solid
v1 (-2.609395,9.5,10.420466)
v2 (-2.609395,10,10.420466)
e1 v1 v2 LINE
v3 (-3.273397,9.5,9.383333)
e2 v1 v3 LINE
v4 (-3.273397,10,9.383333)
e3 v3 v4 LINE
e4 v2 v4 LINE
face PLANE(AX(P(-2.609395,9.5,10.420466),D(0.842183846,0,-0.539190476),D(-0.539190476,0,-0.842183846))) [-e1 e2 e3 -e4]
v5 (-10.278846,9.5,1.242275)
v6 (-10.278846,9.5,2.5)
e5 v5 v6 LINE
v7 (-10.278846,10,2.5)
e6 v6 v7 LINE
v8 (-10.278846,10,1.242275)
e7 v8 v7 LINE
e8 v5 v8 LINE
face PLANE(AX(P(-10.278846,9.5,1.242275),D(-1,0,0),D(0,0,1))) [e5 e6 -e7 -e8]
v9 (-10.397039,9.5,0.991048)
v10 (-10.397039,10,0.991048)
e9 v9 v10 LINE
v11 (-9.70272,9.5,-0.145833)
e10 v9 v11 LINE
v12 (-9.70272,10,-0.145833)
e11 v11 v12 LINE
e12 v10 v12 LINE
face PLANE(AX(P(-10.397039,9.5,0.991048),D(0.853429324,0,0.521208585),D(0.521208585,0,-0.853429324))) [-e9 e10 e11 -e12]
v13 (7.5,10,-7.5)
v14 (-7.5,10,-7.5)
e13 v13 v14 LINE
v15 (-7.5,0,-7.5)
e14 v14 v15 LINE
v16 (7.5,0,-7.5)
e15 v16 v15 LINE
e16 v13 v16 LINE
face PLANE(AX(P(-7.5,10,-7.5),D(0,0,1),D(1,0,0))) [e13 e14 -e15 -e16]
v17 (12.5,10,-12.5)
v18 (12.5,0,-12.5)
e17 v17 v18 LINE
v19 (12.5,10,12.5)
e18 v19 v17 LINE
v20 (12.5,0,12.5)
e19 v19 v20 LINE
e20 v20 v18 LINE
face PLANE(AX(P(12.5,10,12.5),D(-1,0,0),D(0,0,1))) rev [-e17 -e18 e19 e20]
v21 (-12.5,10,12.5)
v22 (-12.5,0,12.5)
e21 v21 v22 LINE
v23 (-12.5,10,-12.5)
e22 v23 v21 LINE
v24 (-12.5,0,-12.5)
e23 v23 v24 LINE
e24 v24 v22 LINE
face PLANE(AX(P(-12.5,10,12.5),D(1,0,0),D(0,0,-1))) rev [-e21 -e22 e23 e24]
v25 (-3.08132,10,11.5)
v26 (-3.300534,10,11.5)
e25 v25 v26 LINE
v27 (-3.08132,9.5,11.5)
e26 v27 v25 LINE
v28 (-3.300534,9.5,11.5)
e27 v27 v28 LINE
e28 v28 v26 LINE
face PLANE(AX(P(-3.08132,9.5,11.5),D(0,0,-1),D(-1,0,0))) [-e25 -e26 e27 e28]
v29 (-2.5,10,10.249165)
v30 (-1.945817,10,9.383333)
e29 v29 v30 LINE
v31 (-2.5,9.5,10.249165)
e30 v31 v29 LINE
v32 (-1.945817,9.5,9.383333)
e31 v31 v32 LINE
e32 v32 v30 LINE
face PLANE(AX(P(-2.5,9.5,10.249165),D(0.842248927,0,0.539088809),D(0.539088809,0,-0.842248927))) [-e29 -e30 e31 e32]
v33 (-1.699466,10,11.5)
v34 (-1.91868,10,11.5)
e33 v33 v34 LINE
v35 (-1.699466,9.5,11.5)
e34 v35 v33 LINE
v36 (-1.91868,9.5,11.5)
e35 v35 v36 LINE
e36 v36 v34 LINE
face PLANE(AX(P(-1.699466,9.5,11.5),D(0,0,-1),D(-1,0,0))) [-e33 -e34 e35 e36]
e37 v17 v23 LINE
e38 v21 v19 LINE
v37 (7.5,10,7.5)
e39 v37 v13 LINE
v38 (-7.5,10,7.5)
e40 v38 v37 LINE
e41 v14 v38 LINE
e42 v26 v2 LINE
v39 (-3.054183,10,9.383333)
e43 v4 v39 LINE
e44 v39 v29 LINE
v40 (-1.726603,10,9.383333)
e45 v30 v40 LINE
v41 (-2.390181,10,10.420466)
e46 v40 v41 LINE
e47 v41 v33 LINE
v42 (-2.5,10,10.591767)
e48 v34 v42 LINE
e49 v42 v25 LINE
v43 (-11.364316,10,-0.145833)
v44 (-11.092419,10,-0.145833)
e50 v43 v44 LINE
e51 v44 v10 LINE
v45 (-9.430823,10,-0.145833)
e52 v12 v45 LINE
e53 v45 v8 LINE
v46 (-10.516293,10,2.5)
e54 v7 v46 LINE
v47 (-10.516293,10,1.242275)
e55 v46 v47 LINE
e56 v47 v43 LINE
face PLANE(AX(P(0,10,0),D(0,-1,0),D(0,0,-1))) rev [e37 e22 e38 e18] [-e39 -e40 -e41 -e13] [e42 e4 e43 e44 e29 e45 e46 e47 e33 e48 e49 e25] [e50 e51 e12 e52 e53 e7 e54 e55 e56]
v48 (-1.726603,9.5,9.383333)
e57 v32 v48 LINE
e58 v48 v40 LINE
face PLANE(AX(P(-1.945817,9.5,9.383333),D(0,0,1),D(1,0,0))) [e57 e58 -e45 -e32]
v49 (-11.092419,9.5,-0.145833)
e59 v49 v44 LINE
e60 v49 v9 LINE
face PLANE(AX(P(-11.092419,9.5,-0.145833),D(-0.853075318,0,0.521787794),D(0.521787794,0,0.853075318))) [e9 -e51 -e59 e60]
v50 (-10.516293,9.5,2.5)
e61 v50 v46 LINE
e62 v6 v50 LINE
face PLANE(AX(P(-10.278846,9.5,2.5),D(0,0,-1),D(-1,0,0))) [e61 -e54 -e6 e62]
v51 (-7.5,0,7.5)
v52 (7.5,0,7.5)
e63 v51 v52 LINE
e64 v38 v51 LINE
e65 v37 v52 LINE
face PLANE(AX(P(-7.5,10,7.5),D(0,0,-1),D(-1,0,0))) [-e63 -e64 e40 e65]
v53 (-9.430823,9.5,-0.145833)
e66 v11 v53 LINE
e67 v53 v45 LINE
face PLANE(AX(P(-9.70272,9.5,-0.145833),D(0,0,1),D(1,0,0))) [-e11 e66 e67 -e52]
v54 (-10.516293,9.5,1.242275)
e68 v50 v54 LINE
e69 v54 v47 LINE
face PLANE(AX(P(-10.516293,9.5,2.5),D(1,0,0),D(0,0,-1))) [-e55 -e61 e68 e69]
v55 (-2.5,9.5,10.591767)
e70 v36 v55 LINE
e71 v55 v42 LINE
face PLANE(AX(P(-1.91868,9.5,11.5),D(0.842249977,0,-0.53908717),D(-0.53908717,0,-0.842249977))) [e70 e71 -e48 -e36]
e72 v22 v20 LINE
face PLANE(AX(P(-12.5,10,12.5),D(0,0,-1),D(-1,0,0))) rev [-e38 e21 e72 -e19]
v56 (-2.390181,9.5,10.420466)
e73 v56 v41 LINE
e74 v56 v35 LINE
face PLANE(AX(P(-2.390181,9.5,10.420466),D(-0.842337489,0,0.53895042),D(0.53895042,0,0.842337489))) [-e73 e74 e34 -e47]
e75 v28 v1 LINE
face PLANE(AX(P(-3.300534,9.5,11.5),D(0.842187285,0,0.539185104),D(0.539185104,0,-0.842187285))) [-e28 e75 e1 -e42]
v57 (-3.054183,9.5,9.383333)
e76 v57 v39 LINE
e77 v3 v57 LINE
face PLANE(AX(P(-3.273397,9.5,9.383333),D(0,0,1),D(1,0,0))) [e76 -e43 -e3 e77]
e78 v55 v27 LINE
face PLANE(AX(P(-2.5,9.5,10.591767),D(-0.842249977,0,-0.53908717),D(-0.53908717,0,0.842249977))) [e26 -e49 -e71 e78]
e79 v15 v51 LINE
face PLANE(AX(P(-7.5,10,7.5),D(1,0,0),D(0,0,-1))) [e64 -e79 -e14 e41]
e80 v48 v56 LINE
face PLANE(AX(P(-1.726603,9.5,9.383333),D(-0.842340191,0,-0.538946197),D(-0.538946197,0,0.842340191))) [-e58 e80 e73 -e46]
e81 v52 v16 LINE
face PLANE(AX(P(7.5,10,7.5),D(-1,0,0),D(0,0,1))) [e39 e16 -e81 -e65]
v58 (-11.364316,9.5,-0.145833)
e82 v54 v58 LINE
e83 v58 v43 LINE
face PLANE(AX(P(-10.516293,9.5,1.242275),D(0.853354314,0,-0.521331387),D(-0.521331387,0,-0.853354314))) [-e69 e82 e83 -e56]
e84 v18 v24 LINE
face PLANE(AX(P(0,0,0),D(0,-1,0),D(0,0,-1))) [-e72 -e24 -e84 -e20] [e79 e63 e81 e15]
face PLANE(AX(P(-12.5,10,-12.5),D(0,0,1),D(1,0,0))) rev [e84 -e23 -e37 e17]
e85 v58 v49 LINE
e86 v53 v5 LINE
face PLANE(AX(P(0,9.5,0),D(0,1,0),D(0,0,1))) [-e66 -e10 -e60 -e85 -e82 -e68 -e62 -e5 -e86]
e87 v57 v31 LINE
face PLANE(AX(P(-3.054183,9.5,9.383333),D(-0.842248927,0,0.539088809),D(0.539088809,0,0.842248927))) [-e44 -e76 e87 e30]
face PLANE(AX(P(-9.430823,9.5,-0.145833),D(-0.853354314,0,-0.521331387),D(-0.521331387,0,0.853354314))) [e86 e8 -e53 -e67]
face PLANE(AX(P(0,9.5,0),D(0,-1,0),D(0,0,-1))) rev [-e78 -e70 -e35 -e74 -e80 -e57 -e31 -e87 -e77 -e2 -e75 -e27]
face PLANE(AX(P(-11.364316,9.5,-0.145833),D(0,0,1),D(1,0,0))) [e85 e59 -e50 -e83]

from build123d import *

# Parameters (mm, degrees)
SKETCH1_W           = 25
SKETCH1_H           = 25
SKETCH1_W_2         = 15
SKETCH1_H_2         = 15
BOSS_EXTRUDE1_DEPTH = 10
CUT_EXTRUDE1_DEPTH  = 0.5


with BuildPart() as part:
    # Sketch1 → Boss-Extrude1 (new body)
    with BuildSketch(Plane(origin=(0, 0, 0), x_dir=(1, 0, 0), z_dir=(0, 1, 0))):
        Rectangle(SKETCH1_W, SKETCH1_H)
        Rectangle(SKETCH1_W_2, SKETCH1_H_2, mode=Mode.SUBTRACT)
    extrude(amount=BOSS_EXTRUDE1_DEPTH)

    # Sketch2 → Cut-Extrude1 (cut)
    with BuildSketch(Plane(origin=(0, 10, 0), x_dir=(1, 0, 0), z_dir=(0, 1, 0))):
        Polygon((-3.273397436, -9.383333333), (-3.05418336, -9.383333333), (-2.5, -10.249165331), (-1.94581664, -9.383333333), (-1.726602564, -9.383333333), (-2.390180956, -10.420466079), (-1.699465812, -11.5), (-1.918679888, -11.5), (-2.5, -10.591766827), (-3.081320112, -11.5), (-3.300534188, -11.5), (-2.609395032, -10.420466079), align=None)
        Polygon((-11.364316239, 0.145833333), (-11.092418703, 0.145833333), (-10.39703943, -0.991048177), (-9.702720186, 0.145833333), (-9.43082265, 0.145833333), (-10.278846154, -1.24227514), (-10.278846154, -2.5), (-10.516292735, -2.5), (-10.516292735, -1.24227514), align=None)
    extrude(amount=-CUT_EXTRUDE1_DEPTH, mode=Mode.SUBTRACT)


solid = part.part
